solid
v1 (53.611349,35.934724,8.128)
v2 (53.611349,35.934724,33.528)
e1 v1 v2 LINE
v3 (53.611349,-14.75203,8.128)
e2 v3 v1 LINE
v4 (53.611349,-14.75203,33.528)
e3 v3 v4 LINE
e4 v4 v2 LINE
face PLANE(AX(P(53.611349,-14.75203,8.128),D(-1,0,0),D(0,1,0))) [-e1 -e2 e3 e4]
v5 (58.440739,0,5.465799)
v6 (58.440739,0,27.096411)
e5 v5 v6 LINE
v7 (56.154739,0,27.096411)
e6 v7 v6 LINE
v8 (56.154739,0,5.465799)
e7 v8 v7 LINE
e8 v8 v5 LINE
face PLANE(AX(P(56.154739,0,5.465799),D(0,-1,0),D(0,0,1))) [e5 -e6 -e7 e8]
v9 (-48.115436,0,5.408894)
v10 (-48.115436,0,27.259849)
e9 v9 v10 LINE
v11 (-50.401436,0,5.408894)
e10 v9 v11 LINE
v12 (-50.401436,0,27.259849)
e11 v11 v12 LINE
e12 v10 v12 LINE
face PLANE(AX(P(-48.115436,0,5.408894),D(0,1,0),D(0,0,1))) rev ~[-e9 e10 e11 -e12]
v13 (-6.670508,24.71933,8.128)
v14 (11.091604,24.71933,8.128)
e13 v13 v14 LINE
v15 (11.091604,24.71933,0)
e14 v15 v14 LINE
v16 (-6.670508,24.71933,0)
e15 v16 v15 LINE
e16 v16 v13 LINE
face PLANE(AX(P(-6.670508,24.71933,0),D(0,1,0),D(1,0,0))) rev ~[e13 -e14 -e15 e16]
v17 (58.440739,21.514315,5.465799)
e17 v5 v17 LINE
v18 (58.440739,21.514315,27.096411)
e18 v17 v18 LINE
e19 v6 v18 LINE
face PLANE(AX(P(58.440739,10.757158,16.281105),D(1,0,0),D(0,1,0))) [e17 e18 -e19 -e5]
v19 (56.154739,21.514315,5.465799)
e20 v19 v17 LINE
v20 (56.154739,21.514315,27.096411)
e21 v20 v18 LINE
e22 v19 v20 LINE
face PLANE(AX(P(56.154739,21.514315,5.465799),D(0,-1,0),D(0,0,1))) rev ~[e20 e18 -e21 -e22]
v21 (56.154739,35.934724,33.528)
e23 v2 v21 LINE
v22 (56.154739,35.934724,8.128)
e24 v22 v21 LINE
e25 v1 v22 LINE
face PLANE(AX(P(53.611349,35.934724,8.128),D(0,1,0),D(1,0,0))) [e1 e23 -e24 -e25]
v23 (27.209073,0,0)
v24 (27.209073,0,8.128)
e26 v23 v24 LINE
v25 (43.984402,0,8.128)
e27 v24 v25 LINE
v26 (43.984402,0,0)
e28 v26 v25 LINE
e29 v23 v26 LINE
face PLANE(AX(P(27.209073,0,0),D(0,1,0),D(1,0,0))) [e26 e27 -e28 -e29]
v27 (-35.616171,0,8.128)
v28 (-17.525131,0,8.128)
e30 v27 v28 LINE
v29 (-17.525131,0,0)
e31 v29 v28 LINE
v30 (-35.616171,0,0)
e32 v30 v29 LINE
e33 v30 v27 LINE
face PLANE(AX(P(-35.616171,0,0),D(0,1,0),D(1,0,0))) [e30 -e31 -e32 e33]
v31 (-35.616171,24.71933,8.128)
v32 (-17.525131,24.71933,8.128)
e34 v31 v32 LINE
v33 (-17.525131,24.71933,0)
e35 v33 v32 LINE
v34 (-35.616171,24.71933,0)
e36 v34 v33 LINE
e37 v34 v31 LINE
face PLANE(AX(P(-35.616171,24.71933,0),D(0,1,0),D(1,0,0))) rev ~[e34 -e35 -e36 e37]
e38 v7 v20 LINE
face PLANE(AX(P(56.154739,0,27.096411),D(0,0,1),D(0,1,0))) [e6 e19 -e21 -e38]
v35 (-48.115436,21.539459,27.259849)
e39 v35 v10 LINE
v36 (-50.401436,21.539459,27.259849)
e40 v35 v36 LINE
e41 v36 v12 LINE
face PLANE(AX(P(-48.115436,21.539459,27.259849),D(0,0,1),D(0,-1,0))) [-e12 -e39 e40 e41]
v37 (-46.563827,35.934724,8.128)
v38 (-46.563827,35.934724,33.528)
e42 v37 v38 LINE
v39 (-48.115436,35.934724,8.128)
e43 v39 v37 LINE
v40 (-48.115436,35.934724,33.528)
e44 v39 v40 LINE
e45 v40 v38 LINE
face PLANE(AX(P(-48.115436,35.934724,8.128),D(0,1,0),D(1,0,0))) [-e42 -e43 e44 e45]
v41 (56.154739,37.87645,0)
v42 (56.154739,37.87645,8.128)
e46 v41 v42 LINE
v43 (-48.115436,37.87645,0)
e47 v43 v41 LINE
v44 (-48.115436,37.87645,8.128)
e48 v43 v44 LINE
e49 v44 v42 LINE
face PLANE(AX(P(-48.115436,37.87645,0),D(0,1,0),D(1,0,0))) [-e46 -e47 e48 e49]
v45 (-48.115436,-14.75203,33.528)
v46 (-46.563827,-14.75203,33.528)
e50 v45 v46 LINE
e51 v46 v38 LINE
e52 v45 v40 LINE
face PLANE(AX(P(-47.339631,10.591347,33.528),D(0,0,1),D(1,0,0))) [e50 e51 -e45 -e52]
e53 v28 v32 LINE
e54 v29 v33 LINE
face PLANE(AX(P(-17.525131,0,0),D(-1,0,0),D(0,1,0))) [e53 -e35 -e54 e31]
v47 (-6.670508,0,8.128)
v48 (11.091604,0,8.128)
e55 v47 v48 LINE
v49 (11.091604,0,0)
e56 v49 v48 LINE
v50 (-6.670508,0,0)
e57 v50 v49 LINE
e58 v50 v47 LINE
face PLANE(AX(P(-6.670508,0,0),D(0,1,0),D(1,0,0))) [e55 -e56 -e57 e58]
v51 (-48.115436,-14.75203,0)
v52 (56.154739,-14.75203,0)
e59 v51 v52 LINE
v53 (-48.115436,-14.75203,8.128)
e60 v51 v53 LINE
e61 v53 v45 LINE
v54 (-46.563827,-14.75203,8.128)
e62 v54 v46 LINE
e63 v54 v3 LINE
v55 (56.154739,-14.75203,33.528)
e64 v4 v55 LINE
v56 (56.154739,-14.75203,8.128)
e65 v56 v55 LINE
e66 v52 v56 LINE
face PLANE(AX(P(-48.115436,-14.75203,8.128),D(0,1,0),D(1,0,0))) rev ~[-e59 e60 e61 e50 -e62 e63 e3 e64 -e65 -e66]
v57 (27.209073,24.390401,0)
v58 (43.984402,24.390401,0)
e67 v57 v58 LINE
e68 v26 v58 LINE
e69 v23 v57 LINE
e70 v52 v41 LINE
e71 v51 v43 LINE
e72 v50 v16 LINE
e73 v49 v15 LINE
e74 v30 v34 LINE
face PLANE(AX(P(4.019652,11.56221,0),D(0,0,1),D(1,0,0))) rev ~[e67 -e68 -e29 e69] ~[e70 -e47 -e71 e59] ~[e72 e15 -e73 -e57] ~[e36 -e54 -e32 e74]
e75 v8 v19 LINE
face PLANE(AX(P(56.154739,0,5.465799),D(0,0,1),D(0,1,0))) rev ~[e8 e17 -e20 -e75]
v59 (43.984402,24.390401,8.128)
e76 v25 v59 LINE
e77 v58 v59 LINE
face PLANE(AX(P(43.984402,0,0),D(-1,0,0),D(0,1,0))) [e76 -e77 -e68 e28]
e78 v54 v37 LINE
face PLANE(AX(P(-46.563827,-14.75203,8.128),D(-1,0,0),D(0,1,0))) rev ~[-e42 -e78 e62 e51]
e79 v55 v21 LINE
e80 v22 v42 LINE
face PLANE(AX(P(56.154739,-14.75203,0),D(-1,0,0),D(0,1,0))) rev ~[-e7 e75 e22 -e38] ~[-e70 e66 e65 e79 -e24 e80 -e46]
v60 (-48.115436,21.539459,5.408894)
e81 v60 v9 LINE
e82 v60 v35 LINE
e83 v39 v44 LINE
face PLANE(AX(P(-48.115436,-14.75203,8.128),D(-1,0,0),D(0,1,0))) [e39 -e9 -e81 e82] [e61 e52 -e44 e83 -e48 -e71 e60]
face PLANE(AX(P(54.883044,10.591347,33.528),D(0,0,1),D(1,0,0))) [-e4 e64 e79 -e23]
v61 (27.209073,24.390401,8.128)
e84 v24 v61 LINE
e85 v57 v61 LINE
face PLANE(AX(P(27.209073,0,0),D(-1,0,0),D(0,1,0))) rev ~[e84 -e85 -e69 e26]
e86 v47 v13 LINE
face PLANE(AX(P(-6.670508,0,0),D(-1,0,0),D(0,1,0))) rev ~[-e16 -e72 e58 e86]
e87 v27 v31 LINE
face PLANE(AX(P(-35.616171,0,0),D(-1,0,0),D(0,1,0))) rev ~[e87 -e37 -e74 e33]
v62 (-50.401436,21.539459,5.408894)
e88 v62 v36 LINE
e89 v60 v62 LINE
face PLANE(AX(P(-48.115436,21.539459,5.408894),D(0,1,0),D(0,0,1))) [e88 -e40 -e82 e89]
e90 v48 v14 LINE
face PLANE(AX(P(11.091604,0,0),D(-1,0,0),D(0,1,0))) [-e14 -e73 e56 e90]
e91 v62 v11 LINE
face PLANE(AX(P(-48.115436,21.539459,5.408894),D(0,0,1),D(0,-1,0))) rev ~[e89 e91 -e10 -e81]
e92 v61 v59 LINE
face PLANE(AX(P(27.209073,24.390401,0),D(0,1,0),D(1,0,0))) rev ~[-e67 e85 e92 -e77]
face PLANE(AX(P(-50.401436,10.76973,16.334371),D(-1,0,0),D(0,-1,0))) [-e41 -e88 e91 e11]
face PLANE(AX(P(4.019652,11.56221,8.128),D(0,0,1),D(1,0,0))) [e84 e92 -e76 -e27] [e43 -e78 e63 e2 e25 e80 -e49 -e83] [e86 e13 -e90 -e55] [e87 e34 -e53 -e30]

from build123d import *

# Parameters (mm, degrees)
F0_W     = 104.2701750994
F0_H     = 52.628479898
F0_W_2   = 18.0910397321
F0_H_2   = 24.7193295509
F0_W_3   = 17.7621119656
F0_W_4   = 16.775328666
F0_H_3   = 24.3904013187
F1_DEPTH = 8.128
F2_W     = 1.5516094863
F2_H     = 50.6867542863
F2_W_2   = 2.5433897972
F3_DEPTH = 25.4
F4_W     = 21.5143151581
F4_H     = 21.6306117363
F6_DEPTH = 2.286
F5_W     = 21.539459005
F5_H     = 21.8509552069
F7_DEPTH = 2.286


with BuildPart() as f1:
    # F0 (on Top) → F1 (new body)
    with BuildSketch(Plane.XY):
        with Locations((4.019651562, 11.5622095764)):
            Rectangle(F0_W, F0_H)
        with Locations((-26.5706507489, 12.3596647754)):
            Rectangle(F0_W_2, F0_H_2, mode=Mode.SUBTRACT)
        with Locations((2.2105479147, 12.3596647754)):
            Rectangle(F0_W_3, F0_H_2, mode=Mode.SUBTRACT)
        with Locations((35.5967376381, 12.1952006593)):
            Rectangle(F0_W_4, F0_H_3, mode=Mode.SUBTRACT)
    extrude(amount=F1_DEPTH)

    # F2 (on face) → F3 (join)
    with BuildSketch(Plane.XY.offset(8.128)):
        with Locations((-47.3396312445, 10.5913467705)):
            Rectangle(F2_W, F2_H)
        with Locations((54.8830442131, 10.5913467705)):
            Rectangle(F2_W_2, F2_H)
    extrude(amount=F3_DEPTH)

    # F4 (on face) → F6 (join)
    with BuildSketch(Plane.YZ.offset(56.1547391117)):
        with Locations((10.7571575791, 16.2811053451)):
            Rectangle(F4_W, F4_H)
    extrude(amount=F6_DEPTH)

    # F5 (on face) → F7 (join)
    with BuildSketch(Plane(origin=(-48.1154359877, 0, 0), x_dir=(0, -1, 0), z_dir=(-1, 0, 0))):
        with Locations((-10.7697295025, 16.3343714084)):
            Rectangle(F5_W, F5_H)
    extrude(amount=F7_DEPTH)


solid = f1.part
